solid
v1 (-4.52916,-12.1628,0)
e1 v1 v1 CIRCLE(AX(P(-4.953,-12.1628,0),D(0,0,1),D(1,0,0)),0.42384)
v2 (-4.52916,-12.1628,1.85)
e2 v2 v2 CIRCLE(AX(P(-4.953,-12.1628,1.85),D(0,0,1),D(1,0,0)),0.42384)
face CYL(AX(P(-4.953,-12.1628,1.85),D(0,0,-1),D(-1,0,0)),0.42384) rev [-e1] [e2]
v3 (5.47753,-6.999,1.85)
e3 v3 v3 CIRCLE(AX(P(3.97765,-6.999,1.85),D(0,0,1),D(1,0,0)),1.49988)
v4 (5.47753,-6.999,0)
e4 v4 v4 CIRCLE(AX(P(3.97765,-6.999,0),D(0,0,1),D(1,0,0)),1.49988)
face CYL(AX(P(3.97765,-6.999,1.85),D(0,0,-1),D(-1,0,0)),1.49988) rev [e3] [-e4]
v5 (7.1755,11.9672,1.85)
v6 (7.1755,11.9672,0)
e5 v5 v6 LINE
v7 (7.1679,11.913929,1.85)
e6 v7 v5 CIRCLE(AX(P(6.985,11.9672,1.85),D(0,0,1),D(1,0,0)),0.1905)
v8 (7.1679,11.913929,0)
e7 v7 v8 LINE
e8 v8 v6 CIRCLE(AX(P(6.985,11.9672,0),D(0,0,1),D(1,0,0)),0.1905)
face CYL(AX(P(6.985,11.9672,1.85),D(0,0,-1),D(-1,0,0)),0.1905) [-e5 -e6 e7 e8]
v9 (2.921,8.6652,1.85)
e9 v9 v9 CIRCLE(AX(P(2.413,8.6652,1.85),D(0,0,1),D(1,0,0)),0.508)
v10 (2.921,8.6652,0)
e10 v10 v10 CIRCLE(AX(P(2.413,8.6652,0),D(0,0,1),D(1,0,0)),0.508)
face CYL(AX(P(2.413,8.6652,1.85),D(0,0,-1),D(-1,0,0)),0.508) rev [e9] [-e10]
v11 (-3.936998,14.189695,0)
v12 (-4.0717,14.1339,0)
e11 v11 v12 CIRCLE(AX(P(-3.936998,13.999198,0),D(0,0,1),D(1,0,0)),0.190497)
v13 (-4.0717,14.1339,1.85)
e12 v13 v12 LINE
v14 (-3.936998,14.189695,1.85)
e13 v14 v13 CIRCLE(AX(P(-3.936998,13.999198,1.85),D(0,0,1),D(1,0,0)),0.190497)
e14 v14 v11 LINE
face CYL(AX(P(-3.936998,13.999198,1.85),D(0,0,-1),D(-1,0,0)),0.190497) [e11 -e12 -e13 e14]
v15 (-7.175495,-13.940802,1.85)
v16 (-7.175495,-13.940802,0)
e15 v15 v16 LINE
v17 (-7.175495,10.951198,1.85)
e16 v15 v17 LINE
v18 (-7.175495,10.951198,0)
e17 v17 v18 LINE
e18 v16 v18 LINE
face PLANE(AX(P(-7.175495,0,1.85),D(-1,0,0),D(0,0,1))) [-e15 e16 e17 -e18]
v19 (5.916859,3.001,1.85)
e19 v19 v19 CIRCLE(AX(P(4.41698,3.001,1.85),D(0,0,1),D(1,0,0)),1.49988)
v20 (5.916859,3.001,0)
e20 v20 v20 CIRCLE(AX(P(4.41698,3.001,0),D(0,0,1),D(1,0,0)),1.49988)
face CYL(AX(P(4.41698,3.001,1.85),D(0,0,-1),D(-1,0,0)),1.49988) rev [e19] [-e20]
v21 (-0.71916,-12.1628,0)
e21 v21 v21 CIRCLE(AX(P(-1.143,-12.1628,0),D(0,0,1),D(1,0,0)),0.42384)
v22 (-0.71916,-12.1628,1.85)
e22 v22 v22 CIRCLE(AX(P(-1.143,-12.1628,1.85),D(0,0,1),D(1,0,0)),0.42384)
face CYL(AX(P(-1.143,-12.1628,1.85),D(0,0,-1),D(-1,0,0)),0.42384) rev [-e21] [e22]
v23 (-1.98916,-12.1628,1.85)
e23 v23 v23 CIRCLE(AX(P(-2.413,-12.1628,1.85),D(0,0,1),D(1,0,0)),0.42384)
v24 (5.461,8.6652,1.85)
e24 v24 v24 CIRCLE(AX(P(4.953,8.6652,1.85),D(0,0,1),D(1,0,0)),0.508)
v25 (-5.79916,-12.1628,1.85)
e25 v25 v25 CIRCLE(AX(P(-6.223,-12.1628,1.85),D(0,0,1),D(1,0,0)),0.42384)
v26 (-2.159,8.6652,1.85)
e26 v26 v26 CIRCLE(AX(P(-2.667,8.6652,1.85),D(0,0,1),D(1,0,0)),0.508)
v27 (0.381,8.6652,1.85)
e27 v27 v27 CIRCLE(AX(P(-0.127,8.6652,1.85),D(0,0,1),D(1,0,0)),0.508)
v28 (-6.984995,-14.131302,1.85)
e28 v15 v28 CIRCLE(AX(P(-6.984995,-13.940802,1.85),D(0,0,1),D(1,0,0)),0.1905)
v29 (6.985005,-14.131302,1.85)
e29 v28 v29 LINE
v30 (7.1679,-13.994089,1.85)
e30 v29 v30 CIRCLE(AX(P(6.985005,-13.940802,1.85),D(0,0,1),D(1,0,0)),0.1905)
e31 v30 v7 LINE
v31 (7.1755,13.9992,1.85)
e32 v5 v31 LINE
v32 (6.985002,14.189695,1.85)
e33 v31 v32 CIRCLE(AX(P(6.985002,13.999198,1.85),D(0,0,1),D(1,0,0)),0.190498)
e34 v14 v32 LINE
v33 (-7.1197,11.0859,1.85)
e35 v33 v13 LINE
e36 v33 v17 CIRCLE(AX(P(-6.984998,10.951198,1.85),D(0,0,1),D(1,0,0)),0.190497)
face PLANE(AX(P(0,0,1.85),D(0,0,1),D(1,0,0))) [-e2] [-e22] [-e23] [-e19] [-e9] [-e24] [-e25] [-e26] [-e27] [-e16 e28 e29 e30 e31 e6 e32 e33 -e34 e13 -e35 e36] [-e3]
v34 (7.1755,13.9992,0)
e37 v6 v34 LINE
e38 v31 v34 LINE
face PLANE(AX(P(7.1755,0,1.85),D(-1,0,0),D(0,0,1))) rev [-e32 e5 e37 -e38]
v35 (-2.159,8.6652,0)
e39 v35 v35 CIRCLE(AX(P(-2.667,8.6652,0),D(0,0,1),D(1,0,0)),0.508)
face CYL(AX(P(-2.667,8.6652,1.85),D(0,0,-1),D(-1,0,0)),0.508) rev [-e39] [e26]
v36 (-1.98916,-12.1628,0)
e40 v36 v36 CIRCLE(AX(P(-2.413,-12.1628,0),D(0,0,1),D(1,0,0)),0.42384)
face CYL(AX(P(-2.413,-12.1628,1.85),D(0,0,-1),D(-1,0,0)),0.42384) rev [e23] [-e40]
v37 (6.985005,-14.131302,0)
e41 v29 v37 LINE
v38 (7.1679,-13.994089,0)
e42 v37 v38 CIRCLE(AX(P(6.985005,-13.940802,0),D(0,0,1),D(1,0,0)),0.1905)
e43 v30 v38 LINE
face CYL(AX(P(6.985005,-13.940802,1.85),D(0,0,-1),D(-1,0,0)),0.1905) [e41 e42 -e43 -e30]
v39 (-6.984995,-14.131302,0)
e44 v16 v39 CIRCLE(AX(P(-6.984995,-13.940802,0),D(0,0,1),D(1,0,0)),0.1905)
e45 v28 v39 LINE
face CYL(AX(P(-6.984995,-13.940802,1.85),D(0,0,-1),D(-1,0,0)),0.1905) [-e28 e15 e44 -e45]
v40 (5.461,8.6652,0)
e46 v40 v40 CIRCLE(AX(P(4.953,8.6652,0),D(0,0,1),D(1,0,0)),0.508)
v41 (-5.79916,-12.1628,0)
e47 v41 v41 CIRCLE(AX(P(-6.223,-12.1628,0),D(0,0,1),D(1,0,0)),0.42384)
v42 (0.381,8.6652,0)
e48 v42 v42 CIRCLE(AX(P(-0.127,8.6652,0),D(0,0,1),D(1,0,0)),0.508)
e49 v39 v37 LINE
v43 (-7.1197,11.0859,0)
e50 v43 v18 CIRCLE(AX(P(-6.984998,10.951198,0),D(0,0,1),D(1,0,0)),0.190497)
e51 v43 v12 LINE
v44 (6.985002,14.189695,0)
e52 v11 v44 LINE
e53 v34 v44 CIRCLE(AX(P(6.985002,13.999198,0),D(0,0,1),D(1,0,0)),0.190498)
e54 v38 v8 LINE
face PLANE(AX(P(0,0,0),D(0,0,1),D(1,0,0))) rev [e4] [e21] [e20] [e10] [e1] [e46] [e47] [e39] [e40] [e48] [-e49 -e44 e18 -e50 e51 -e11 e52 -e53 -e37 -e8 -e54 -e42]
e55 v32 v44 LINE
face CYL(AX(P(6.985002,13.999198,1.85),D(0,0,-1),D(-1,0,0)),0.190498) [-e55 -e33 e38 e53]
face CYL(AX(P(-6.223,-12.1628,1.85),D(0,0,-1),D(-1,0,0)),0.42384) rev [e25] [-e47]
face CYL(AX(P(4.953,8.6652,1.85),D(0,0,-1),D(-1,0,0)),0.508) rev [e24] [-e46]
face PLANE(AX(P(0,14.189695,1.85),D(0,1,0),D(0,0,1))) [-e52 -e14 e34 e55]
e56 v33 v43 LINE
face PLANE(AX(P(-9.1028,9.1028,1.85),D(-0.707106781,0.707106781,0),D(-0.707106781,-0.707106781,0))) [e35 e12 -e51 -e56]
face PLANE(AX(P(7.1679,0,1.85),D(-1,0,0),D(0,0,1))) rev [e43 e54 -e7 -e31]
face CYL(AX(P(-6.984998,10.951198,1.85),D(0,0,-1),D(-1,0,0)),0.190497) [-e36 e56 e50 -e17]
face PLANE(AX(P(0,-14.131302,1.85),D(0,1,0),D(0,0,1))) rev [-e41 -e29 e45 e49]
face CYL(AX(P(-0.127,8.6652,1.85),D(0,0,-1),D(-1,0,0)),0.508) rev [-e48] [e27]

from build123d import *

# Parameters (mm, degrees)
SKETCH1_R           = 0.423839805
SKETCH1_R_2         = 1.499879549
SKETCH1_R_3         = 0.508
BOSS_EXTRUDE1_DEPTH = 1.85


with BuildPart() as part:
    # Sketch1 → Boss-Extrude1 (new body)
    with BuildSketch(Plane.XY):
        with BuildLine():
            ThreePointArc((-7.175495363, -13.940801921), (-7.119699204, -14.075505763), (-6.984995363, -14.131301921))
            Line((-6.984995363, -14.131301921), (6.985004637, -14.131301921))
            ThreePointArc((6.985004637, -14.131301921), (7.099326594, -14.093185451), (7.1679, -13.994089221))
            Line((7.1679, -13.994089221), (7.1679, 11.913928619))
            ThreePointArc((7.1679, 11.913928619), (7.173590429, 11.94029461), (7.1755, 11.9672))
            Line((7.1755, 11.9672), (7.1755, 13.9992))
            ThreePointArc((7.1755, 13.9992), (7.119703561, 14.133900844), (6.985001921, 14.189695363))
            Line((6.985001921, 14.189695363), (-3.936998079, 14.189695363))
            ThreePointArc((-3.936998079, 14.189695363), (-4.009898233, 14.17519462), (-4.0717, 14.1339))
            Line((-4.0717, 14.1339), (-7.1197, 11.0859))
            ThreePointArc((-7.1197, 11.0859), (-7.16099462, 11.024098233), (-7.175495363, 10.951198079))
            Line((-7.175495363, 10.951198079), (-7.175495363, -13.940801921))
        make_face()
        with Locations((-6.223, -12.1628)):
            Circle(SKETCH1_R, mode=Mode.SUBTRACT)
        with Locations((-4.953, -12.1628)):
            Circle(SKETCH1_R, mode=Mode.SUBTRACT)
        with Locations((-2.413, -12.1628)):
            Circle(SKETCH1_R, mode=Mode.SUBTRACT)
        with Locations((-1.143, -12.1628)):
            Circle(SKETCH1_R, mode=Mode.SUBTRACT)
        with Locations((3.97765, -6.999)):
            Circle(SKETCH1_R_2, mode=Mode.SUBTRACT)
        with Locations((4.416979549, 3.001)):
            Circle(SKETCH1_R_2, mode=Mode.SUBTRACT)
        with Locations((-2.667, 8.6652)):
            Circle(SKETCH1_R_3, mode=Mode.SUBTRACT)
        with Locations((-0.127, 8.6652)):
            Circle(SKETCH1_R_3, mode=Mode.SUBTRACT)
        with Locations((2.413, 8.6652)):
            Circle(SKETCH1_R_3, mode=Mode.SUBTRACT)
        with Locations((4.953, 8.6652)):
            Circle(SKETCH1_R_3, mode=Mode.SUBTRACT)
    extrude(amount=BOSS_EXTRUDE1_DEPTH)


solid = part.part
